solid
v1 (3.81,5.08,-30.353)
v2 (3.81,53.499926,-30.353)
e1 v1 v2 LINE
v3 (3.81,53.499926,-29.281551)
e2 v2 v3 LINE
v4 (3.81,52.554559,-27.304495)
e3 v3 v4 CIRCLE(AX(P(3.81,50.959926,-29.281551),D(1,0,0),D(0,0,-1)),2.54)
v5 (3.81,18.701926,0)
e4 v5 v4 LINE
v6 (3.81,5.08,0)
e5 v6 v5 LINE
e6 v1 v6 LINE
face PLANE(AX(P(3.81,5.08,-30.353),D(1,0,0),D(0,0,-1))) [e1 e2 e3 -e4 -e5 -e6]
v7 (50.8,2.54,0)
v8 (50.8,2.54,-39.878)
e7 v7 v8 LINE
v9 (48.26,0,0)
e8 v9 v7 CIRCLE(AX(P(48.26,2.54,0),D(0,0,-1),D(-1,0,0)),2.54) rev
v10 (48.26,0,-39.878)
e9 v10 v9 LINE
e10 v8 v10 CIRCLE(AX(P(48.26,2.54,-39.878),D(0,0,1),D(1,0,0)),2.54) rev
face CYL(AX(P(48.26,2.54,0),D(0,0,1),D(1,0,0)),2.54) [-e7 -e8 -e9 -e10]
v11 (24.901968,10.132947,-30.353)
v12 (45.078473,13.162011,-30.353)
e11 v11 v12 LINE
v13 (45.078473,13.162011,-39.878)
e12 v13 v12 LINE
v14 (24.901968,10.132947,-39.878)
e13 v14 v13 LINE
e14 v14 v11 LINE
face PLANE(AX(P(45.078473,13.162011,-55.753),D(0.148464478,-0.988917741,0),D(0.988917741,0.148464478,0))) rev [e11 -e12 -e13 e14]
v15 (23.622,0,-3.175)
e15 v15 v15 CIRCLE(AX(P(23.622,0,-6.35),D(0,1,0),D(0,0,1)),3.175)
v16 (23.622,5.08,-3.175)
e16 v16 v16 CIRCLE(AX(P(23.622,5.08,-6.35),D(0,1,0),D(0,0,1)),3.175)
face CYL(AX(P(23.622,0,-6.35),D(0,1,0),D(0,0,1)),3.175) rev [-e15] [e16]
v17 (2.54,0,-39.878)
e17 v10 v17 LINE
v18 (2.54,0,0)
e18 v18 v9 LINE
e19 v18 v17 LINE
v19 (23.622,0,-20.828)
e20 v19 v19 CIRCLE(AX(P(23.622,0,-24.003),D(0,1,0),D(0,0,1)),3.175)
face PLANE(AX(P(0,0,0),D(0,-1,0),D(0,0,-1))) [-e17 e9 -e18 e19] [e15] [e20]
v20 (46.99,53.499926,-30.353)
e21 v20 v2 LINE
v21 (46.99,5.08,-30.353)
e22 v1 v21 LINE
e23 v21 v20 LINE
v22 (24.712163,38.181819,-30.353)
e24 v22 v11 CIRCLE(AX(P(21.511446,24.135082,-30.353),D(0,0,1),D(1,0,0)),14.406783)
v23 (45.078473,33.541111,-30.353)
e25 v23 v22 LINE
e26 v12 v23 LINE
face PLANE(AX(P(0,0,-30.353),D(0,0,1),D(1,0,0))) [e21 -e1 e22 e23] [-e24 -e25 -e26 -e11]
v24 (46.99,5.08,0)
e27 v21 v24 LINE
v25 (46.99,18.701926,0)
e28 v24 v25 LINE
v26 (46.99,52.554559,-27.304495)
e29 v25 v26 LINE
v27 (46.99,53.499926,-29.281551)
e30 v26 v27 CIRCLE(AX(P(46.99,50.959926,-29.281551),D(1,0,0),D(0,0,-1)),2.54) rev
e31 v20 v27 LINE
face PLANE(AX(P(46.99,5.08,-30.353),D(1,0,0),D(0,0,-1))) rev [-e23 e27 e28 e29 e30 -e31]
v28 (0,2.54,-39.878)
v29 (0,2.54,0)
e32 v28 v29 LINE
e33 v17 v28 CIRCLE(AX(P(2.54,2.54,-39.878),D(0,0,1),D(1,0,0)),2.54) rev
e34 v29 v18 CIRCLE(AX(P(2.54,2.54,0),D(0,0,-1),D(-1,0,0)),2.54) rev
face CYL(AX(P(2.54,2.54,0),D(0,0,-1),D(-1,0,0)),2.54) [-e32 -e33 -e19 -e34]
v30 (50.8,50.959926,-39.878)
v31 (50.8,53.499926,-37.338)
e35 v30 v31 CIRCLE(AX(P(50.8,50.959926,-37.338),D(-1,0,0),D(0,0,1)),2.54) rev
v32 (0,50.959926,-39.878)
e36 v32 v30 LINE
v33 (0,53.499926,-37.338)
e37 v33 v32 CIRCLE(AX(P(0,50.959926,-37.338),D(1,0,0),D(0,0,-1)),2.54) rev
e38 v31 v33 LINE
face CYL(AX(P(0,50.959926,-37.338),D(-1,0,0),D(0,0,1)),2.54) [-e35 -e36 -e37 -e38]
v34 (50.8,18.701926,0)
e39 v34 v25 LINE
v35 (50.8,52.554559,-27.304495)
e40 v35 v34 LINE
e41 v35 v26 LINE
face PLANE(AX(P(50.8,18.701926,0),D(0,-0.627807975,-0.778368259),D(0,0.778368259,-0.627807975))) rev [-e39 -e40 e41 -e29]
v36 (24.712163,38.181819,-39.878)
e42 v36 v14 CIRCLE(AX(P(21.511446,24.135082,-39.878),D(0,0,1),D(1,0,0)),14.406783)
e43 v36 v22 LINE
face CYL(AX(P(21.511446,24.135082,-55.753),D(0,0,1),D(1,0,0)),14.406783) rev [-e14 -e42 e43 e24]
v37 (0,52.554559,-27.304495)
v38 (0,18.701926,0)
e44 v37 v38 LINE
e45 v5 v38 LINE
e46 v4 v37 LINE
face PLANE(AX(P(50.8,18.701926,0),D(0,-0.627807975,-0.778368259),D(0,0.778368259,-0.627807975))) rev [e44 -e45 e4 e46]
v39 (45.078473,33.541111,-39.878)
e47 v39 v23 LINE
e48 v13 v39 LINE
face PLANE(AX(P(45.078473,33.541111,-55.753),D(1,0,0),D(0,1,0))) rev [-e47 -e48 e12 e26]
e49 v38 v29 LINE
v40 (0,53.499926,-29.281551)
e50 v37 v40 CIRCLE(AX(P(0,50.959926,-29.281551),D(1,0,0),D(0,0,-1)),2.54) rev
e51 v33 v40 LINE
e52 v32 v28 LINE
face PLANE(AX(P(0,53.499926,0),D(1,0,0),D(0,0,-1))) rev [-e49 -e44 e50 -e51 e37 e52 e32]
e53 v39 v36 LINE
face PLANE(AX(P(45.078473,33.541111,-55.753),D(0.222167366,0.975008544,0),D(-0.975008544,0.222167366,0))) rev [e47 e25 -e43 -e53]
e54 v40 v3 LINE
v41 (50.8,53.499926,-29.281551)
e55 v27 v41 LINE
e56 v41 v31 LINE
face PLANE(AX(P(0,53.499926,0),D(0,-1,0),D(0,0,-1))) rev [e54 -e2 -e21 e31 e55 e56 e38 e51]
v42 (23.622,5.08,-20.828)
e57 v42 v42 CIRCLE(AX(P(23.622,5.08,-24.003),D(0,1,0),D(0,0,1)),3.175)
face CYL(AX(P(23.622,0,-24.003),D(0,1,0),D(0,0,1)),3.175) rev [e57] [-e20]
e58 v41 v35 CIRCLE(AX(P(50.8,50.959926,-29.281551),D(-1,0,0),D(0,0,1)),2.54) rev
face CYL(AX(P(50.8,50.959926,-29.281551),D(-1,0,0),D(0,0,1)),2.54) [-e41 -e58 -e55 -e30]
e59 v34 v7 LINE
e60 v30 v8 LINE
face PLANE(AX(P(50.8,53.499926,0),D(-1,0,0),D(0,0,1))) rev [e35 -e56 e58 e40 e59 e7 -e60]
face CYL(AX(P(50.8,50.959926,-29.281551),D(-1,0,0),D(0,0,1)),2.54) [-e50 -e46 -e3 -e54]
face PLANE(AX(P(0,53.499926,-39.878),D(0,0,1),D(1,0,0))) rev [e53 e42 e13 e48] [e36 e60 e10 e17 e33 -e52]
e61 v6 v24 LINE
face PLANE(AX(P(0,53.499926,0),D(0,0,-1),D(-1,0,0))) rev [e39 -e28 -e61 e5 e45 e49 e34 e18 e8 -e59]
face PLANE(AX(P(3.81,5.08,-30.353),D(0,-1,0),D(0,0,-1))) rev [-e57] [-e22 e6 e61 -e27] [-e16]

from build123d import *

# Parameters (mm, degrees)
SKETCH1_W           = 50.8
SKETCH1_H           = 39.878
BOSS_EXTRUDE1_DEPTH = 53.499926347
SKETCH3_W           = 43.18
SKETCH3_H           = 50.8
CUT_EXTRUDE1_DEPTH  = 30.353
CUT_EXTRUDE2_DEPTH  = 51.8
FILLET3_R           = 2.54
FILLET4_R           = 2.54
FILLET5_R           = 2.54
SKETCH5_R           = 3.175
CUT_EXTRUDE3_DEPTH  = 6.08
CUT_EXTRUDE4_DEPTH  = 25.4


with BuildPart() as part:
    # Sketch1 → Boss-Extrude1 (new body)
    with BuildSketch(Plane(origin=(0, 0, 0), x_dir=(1, 0, 0), z_dir=(0, 1, 0))):
        with Locations((25.4, 19.939)):
            Rectangle(SKETCH1_W, SKETCH1_H)
    extrude(amount=BOSS_EXTRUDE1_DEPTH)

    # Sketch3 → Cut-Extrude1 (cut)
    with BuildSketch(Plane.XY):
        with Locations((25.4, 30.48)):
            Rectangle(SKETCH3_W, SKETCH3_H)
    extrude(amount=-CUT_EXTRUDE1_DEPTH, mode=Mode.SUBTRACT)

    # Sketch4 → Cut-Extrude2 (cut, through all)
    with BuildSketch(Plane.ZY):
        Polygon((0, 18.701926347), (-28.067, 53.499926347), (0, 53.499926347), align=None)
    extrude(amount=-CUT_EXTRUDE2_DEPTH, mode=Mode.SUBTRACT)

    # Fillet3
    fillet3_edges = [part.edges().sort_by_distance(p)[0] for p in [
        (25.4, 53.499926347, -39.878),
    ]]
    fillet(fillet3_edges, radius=FILLET3_R)

    # Fillet4
    fillet4_edges = [part.edges().sort_by_distance(p)[0] for p in [
        (48.895, 53.499926347, -28.067),
        (1.905, 53.499926347, -28.067),
    ]]
    fillet(fillet4_edges, radius=FILLET4_R)

    # Fillet5
    fillet5_edges = [part.edges().sort_by_distance(p)[0] for p in [
        (50.8, 0, -19.939),
        (0, 0, -19.939),
    ]]
    fillet(fillet5_edges, radius=FILLET5_R)

    # Sketch5 → Cut-Extrude3 (cut, through all)
    with BuildSketch(Plane(origin=(0, 5.08, 0), x_dir=(1, 0, 0), z_dir=(0, 1, 0))):
        with Locations((23.622, 6.35)):
            Circle(SKETCH5_R)
        with Locations((23.622, 24.003)):
            Circle(SKETCH5_R)
    extrude(amount=-CUT_EXTRUDE3_DEPTH, mode=Mode.SUBTRACT)

    # Sketch13 → Cut-Extrude4 (cut)
    with BuildSketch(Plane.XY.offset(-30.353)):
        with BuildLine():
            Line((45.078473315, 33.54111133), (45.078473315, 13.162010507))
            Line((45.078473315, 13.162010507), (24.90196768, 10.132947276))
            ThreePointArc((24.90196768, 10.132947276), (7.104992388, 24.03759453), (24.712163172, 38.181818856))
            Line((24.712163172, 38.181818856), (45.078473315, 33.54111133))
        make_face()
    extrude(amount=-CUT_EXTRUDE4_DEPTH, mode=Mode.SUBTRACT)


solid = part.part
